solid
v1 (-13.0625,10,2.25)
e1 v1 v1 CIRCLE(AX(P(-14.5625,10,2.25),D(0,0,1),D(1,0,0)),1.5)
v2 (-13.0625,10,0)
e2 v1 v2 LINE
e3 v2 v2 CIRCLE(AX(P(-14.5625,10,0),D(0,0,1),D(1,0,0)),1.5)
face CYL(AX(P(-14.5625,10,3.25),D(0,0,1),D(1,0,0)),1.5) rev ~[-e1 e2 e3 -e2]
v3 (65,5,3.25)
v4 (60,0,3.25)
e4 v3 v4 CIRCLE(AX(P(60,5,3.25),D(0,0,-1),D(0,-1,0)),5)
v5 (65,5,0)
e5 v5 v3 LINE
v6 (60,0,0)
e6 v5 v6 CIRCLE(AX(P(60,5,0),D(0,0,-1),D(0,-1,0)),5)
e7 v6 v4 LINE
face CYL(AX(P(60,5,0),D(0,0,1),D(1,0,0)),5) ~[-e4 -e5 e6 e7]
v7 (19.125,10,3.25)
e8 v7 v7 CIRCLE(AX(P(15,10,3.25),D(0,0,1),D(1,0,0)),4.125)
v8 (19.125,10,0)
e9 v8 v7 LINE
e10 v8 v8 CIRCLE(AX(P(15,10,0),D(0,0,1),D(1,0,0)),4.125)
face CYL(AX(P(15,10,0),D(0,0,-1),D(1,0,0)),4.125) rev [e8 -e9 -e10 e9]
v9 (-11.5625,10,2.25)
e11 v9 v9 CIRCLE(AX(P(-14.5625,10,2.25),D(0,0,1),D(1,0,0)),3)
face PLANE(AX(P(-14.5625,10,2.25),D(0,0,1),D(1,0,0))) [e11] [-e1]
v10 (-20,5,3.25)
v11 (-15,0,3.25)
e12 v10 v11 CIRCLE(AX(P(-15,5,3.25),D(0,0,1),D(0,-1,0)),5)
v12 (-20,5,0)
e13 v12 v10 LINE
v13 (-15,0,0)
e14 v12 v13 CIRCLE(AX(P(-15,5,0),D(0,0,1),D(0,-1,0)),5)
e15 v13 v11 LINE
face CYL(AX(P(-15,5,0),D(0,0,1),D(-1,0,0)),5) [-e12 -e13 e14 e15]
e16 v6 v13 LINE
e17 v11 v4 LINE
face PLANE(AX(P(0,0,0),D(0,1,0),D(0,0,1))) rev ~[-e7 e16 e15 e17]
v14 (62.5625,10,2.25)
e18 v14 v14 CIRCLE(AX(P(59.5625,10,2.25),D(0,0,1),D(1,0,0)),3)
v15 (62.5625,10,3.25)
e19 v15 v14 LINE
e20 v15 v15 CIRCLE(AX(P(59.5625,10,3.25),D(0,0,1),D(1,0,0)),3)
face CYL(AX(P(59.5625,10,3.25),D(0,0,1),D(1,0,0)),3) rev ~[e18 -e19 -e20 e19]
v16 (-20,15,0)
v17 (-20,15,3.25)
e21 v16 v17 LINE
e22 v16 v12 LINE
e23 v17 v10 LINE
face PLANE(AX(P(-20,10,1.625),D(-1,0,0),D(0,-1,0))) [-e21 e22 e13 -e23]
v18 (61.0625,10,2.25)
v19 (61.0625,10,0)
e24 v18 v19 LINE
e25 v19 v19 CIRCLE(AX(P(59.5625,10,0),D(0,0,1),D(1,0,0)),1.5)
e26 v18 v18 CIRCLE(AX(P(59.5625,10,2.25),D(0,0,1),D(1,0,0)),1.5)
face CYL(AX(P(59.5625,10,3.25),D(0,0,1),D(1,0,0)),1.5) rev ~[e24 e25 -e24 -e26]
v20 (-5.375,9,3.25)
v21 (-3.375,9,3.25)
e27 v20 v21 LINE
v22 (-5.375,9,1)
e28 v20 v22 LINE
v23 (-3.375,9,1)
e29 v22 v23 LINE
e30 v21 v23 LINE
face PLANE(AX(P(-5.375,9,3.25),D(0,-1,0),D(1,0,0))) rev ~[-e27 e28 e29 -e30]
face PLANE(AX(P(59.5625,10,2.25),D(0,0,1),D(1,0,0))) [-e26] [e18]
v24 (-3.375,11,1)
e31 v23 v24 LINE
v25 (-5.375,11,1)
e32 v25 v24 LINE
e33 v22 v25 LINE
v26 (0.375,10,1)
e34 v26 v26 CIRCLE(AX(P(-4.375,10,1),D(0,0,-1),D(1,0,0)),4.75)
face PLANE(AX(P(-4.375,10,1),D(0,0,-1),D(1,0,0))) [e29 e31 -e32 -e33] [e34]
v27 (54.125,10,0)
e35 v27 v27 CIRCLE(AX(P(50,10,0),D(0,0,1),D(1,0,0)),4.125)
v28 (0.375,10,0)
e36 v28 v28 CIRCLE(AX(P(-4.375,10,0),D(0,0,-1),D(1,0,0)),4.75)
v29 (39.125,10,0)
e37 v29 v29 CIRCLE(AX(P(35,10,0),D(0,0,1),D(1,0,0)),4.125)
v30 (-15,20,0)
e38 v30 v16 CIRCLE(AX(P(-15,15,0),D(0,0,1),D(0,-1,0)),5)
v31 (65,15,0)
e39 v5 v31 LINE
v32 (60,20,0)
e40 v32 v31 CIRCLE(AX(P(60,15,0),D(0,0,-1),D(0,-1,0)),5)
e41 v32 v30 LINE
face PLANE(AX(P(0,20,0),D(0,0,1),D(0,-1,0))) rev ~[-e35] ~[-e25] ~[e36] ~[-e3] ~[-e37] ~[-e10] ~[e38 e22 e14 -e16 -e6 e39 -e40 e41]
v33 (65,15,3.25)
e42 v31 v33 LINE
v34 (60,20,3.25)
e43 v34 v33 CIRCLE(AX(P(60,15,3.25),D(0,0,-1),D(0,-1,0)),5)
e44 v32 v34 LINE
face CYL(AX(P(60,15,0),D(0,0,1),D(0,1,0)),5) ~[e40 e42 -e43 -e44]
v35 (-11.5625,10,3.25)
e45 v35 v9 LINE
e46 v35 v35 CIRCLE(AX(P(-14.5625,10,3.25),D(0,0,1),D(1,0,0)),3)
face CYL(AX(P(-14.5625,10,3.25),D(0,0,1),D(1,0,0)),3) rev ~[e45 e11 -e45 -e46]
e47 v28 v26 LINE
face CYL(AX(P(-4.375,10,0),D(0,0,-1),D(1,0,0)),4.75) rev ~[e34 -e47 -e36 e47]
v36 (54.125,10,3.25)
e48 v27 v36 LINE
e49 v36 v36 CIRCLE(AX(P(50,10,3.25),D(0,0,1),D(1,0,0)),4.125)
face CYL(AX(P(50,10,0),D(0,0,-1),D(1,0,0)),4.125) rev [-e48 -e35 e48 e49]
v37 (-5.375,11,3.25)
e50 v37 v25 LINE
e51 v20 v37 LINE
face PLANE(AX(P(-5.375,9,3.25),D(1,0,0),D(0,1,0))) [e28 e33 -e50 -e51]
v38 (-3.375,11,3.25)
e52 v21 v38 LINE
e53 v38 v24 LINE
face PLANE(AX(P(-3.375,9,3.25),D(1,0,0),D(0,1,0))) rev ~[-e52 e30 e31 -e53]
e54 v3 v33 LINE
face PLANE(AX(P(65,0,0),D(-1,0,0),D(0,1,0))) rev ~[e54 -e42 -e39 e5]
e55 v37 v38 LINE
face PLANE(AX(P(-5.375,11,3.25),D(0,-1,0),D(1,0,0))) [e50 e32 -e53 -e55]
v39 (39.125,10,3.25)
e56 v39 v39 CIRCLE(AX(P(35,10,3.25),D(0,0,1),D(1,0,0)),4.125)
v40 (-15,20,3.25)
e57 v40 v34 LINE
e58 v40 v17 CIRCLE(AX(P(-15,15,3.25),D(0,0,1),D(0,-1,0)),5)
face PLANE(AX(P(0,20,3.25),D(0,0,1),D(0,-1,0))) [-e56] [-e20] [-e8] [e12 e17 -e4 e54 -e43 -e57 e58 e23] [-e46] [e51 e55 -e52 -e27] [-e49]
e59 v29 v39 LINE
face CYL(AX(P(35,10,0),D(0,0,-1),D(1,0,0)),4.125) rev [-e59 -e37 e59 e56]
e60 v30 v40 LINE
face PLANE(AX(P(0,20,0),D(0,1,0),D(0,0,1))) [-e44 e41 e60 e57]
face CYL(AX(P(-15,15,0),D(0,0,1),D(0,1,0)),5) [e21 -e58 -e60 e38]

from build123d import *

# Parameters (mm, degrees)
SKETCH_W        = 65
SKETCH_H        = 20
SKETCH_R        = 4.125
PAD_DEPTH       = 3.25
SKETCH001_W     = 20
SKETCH001_H     = 3.25
PAD001_DEPTH    = 20
SKETCH002_R     = 1.5
SKETCH002_W     = 2
SKETCH002_H     = 2
POCKET_DEPTH    = 5
FILLET_R        = 5
SKETCH003_R     = 3
POCKET001_DEPTH = 1
SKETCH004_R     = 4.75
POCKET002_DEPTH = 1


with BuildPart() as part:
    # Sketch → Pad (new body)
    with BuildSketch(Plane.XY):
        with Locations((32.5, 10)):
            Rectangle(SKETCH_W, SKETCH_H)
        with Locations((15, 10)):
            Circle(SKETCH_R, mode=Mode.SUBTRACT)
        with Locations((50, 10)):
            Circle(SKETCH_R, mode=Mode.SUBTRACT)
        with Locations((35, 10)):
            Circle(SKETCH_R, mode=Mode.SUBTRACT)
    extrude(amount=PAD_DEPTH)

    # Sketch001 (on DatumPlane) → Pad001 (join)
    with BuildSketch(Plane(origin=(0, 0, 0), x_dir=(0, -1, 0), z_dir=(-1, 0, 0))):
        with Locations((-10, 1.625)):
            Rectangle(SKETCH001_W, SKETCH001_H)
    extrude(amount=PAD001_DEPTH)

    # Sketch002 (on DatumPlane) → Pocket (cut)
    with BuildSketch(Plane.XY.offset(3.25)):
        with Locations((-14.5625, 10)):
            Circle(SKETCH002_R)
        with Locations((59.5625, 10)):
            Circle(SKETCH002_R)
        with Locations((-4.375, 10)):
            Rectangle(SKETCH002_W, SKETCH002_H)
    extrude(amount=-POCKET_DEPTH, mode=Mode.SUBTRACT)

    # Fillet
    fillet_edges = [part.edges().sort_by_distance(p)[0] for p in [
        (-20, 20, 1.625),
        (-20, 0, 1.625),
        (65, 0, 1.625),
        (65, 20, 1.625),
    ]]
    fillet(fillet_edges, radius=FILLET_R)

    # Sketch003 (on DatumPlane) → Pocket001 (cut)
    with BuildSketch(Plane.XY.offset(3.25)):
        with Locations((-14.5625, 10)):
            Circle(SKETCH003_R)
        with Locations((59.5625, 10)):
            Circle(SKETCH003_R)
    extrude(amount=-POCKET001_DEPTH, mode=Mode.SUBTRACT)

    # Sketch004 (on DatumPlane) → Pocket002 (cut)
    with BuildSketch(Plane(origin=(0, 0, 0), x_dir=(1, 0, 0), z_dir=(0, 0, -1))):
        with Locations((-4.375, -10)):
            Circle(SKETCH004_R)
    extrude(amount=-POCKET002_DEPTH, mode=Mode.SUBTRACT)


solid = part.part
